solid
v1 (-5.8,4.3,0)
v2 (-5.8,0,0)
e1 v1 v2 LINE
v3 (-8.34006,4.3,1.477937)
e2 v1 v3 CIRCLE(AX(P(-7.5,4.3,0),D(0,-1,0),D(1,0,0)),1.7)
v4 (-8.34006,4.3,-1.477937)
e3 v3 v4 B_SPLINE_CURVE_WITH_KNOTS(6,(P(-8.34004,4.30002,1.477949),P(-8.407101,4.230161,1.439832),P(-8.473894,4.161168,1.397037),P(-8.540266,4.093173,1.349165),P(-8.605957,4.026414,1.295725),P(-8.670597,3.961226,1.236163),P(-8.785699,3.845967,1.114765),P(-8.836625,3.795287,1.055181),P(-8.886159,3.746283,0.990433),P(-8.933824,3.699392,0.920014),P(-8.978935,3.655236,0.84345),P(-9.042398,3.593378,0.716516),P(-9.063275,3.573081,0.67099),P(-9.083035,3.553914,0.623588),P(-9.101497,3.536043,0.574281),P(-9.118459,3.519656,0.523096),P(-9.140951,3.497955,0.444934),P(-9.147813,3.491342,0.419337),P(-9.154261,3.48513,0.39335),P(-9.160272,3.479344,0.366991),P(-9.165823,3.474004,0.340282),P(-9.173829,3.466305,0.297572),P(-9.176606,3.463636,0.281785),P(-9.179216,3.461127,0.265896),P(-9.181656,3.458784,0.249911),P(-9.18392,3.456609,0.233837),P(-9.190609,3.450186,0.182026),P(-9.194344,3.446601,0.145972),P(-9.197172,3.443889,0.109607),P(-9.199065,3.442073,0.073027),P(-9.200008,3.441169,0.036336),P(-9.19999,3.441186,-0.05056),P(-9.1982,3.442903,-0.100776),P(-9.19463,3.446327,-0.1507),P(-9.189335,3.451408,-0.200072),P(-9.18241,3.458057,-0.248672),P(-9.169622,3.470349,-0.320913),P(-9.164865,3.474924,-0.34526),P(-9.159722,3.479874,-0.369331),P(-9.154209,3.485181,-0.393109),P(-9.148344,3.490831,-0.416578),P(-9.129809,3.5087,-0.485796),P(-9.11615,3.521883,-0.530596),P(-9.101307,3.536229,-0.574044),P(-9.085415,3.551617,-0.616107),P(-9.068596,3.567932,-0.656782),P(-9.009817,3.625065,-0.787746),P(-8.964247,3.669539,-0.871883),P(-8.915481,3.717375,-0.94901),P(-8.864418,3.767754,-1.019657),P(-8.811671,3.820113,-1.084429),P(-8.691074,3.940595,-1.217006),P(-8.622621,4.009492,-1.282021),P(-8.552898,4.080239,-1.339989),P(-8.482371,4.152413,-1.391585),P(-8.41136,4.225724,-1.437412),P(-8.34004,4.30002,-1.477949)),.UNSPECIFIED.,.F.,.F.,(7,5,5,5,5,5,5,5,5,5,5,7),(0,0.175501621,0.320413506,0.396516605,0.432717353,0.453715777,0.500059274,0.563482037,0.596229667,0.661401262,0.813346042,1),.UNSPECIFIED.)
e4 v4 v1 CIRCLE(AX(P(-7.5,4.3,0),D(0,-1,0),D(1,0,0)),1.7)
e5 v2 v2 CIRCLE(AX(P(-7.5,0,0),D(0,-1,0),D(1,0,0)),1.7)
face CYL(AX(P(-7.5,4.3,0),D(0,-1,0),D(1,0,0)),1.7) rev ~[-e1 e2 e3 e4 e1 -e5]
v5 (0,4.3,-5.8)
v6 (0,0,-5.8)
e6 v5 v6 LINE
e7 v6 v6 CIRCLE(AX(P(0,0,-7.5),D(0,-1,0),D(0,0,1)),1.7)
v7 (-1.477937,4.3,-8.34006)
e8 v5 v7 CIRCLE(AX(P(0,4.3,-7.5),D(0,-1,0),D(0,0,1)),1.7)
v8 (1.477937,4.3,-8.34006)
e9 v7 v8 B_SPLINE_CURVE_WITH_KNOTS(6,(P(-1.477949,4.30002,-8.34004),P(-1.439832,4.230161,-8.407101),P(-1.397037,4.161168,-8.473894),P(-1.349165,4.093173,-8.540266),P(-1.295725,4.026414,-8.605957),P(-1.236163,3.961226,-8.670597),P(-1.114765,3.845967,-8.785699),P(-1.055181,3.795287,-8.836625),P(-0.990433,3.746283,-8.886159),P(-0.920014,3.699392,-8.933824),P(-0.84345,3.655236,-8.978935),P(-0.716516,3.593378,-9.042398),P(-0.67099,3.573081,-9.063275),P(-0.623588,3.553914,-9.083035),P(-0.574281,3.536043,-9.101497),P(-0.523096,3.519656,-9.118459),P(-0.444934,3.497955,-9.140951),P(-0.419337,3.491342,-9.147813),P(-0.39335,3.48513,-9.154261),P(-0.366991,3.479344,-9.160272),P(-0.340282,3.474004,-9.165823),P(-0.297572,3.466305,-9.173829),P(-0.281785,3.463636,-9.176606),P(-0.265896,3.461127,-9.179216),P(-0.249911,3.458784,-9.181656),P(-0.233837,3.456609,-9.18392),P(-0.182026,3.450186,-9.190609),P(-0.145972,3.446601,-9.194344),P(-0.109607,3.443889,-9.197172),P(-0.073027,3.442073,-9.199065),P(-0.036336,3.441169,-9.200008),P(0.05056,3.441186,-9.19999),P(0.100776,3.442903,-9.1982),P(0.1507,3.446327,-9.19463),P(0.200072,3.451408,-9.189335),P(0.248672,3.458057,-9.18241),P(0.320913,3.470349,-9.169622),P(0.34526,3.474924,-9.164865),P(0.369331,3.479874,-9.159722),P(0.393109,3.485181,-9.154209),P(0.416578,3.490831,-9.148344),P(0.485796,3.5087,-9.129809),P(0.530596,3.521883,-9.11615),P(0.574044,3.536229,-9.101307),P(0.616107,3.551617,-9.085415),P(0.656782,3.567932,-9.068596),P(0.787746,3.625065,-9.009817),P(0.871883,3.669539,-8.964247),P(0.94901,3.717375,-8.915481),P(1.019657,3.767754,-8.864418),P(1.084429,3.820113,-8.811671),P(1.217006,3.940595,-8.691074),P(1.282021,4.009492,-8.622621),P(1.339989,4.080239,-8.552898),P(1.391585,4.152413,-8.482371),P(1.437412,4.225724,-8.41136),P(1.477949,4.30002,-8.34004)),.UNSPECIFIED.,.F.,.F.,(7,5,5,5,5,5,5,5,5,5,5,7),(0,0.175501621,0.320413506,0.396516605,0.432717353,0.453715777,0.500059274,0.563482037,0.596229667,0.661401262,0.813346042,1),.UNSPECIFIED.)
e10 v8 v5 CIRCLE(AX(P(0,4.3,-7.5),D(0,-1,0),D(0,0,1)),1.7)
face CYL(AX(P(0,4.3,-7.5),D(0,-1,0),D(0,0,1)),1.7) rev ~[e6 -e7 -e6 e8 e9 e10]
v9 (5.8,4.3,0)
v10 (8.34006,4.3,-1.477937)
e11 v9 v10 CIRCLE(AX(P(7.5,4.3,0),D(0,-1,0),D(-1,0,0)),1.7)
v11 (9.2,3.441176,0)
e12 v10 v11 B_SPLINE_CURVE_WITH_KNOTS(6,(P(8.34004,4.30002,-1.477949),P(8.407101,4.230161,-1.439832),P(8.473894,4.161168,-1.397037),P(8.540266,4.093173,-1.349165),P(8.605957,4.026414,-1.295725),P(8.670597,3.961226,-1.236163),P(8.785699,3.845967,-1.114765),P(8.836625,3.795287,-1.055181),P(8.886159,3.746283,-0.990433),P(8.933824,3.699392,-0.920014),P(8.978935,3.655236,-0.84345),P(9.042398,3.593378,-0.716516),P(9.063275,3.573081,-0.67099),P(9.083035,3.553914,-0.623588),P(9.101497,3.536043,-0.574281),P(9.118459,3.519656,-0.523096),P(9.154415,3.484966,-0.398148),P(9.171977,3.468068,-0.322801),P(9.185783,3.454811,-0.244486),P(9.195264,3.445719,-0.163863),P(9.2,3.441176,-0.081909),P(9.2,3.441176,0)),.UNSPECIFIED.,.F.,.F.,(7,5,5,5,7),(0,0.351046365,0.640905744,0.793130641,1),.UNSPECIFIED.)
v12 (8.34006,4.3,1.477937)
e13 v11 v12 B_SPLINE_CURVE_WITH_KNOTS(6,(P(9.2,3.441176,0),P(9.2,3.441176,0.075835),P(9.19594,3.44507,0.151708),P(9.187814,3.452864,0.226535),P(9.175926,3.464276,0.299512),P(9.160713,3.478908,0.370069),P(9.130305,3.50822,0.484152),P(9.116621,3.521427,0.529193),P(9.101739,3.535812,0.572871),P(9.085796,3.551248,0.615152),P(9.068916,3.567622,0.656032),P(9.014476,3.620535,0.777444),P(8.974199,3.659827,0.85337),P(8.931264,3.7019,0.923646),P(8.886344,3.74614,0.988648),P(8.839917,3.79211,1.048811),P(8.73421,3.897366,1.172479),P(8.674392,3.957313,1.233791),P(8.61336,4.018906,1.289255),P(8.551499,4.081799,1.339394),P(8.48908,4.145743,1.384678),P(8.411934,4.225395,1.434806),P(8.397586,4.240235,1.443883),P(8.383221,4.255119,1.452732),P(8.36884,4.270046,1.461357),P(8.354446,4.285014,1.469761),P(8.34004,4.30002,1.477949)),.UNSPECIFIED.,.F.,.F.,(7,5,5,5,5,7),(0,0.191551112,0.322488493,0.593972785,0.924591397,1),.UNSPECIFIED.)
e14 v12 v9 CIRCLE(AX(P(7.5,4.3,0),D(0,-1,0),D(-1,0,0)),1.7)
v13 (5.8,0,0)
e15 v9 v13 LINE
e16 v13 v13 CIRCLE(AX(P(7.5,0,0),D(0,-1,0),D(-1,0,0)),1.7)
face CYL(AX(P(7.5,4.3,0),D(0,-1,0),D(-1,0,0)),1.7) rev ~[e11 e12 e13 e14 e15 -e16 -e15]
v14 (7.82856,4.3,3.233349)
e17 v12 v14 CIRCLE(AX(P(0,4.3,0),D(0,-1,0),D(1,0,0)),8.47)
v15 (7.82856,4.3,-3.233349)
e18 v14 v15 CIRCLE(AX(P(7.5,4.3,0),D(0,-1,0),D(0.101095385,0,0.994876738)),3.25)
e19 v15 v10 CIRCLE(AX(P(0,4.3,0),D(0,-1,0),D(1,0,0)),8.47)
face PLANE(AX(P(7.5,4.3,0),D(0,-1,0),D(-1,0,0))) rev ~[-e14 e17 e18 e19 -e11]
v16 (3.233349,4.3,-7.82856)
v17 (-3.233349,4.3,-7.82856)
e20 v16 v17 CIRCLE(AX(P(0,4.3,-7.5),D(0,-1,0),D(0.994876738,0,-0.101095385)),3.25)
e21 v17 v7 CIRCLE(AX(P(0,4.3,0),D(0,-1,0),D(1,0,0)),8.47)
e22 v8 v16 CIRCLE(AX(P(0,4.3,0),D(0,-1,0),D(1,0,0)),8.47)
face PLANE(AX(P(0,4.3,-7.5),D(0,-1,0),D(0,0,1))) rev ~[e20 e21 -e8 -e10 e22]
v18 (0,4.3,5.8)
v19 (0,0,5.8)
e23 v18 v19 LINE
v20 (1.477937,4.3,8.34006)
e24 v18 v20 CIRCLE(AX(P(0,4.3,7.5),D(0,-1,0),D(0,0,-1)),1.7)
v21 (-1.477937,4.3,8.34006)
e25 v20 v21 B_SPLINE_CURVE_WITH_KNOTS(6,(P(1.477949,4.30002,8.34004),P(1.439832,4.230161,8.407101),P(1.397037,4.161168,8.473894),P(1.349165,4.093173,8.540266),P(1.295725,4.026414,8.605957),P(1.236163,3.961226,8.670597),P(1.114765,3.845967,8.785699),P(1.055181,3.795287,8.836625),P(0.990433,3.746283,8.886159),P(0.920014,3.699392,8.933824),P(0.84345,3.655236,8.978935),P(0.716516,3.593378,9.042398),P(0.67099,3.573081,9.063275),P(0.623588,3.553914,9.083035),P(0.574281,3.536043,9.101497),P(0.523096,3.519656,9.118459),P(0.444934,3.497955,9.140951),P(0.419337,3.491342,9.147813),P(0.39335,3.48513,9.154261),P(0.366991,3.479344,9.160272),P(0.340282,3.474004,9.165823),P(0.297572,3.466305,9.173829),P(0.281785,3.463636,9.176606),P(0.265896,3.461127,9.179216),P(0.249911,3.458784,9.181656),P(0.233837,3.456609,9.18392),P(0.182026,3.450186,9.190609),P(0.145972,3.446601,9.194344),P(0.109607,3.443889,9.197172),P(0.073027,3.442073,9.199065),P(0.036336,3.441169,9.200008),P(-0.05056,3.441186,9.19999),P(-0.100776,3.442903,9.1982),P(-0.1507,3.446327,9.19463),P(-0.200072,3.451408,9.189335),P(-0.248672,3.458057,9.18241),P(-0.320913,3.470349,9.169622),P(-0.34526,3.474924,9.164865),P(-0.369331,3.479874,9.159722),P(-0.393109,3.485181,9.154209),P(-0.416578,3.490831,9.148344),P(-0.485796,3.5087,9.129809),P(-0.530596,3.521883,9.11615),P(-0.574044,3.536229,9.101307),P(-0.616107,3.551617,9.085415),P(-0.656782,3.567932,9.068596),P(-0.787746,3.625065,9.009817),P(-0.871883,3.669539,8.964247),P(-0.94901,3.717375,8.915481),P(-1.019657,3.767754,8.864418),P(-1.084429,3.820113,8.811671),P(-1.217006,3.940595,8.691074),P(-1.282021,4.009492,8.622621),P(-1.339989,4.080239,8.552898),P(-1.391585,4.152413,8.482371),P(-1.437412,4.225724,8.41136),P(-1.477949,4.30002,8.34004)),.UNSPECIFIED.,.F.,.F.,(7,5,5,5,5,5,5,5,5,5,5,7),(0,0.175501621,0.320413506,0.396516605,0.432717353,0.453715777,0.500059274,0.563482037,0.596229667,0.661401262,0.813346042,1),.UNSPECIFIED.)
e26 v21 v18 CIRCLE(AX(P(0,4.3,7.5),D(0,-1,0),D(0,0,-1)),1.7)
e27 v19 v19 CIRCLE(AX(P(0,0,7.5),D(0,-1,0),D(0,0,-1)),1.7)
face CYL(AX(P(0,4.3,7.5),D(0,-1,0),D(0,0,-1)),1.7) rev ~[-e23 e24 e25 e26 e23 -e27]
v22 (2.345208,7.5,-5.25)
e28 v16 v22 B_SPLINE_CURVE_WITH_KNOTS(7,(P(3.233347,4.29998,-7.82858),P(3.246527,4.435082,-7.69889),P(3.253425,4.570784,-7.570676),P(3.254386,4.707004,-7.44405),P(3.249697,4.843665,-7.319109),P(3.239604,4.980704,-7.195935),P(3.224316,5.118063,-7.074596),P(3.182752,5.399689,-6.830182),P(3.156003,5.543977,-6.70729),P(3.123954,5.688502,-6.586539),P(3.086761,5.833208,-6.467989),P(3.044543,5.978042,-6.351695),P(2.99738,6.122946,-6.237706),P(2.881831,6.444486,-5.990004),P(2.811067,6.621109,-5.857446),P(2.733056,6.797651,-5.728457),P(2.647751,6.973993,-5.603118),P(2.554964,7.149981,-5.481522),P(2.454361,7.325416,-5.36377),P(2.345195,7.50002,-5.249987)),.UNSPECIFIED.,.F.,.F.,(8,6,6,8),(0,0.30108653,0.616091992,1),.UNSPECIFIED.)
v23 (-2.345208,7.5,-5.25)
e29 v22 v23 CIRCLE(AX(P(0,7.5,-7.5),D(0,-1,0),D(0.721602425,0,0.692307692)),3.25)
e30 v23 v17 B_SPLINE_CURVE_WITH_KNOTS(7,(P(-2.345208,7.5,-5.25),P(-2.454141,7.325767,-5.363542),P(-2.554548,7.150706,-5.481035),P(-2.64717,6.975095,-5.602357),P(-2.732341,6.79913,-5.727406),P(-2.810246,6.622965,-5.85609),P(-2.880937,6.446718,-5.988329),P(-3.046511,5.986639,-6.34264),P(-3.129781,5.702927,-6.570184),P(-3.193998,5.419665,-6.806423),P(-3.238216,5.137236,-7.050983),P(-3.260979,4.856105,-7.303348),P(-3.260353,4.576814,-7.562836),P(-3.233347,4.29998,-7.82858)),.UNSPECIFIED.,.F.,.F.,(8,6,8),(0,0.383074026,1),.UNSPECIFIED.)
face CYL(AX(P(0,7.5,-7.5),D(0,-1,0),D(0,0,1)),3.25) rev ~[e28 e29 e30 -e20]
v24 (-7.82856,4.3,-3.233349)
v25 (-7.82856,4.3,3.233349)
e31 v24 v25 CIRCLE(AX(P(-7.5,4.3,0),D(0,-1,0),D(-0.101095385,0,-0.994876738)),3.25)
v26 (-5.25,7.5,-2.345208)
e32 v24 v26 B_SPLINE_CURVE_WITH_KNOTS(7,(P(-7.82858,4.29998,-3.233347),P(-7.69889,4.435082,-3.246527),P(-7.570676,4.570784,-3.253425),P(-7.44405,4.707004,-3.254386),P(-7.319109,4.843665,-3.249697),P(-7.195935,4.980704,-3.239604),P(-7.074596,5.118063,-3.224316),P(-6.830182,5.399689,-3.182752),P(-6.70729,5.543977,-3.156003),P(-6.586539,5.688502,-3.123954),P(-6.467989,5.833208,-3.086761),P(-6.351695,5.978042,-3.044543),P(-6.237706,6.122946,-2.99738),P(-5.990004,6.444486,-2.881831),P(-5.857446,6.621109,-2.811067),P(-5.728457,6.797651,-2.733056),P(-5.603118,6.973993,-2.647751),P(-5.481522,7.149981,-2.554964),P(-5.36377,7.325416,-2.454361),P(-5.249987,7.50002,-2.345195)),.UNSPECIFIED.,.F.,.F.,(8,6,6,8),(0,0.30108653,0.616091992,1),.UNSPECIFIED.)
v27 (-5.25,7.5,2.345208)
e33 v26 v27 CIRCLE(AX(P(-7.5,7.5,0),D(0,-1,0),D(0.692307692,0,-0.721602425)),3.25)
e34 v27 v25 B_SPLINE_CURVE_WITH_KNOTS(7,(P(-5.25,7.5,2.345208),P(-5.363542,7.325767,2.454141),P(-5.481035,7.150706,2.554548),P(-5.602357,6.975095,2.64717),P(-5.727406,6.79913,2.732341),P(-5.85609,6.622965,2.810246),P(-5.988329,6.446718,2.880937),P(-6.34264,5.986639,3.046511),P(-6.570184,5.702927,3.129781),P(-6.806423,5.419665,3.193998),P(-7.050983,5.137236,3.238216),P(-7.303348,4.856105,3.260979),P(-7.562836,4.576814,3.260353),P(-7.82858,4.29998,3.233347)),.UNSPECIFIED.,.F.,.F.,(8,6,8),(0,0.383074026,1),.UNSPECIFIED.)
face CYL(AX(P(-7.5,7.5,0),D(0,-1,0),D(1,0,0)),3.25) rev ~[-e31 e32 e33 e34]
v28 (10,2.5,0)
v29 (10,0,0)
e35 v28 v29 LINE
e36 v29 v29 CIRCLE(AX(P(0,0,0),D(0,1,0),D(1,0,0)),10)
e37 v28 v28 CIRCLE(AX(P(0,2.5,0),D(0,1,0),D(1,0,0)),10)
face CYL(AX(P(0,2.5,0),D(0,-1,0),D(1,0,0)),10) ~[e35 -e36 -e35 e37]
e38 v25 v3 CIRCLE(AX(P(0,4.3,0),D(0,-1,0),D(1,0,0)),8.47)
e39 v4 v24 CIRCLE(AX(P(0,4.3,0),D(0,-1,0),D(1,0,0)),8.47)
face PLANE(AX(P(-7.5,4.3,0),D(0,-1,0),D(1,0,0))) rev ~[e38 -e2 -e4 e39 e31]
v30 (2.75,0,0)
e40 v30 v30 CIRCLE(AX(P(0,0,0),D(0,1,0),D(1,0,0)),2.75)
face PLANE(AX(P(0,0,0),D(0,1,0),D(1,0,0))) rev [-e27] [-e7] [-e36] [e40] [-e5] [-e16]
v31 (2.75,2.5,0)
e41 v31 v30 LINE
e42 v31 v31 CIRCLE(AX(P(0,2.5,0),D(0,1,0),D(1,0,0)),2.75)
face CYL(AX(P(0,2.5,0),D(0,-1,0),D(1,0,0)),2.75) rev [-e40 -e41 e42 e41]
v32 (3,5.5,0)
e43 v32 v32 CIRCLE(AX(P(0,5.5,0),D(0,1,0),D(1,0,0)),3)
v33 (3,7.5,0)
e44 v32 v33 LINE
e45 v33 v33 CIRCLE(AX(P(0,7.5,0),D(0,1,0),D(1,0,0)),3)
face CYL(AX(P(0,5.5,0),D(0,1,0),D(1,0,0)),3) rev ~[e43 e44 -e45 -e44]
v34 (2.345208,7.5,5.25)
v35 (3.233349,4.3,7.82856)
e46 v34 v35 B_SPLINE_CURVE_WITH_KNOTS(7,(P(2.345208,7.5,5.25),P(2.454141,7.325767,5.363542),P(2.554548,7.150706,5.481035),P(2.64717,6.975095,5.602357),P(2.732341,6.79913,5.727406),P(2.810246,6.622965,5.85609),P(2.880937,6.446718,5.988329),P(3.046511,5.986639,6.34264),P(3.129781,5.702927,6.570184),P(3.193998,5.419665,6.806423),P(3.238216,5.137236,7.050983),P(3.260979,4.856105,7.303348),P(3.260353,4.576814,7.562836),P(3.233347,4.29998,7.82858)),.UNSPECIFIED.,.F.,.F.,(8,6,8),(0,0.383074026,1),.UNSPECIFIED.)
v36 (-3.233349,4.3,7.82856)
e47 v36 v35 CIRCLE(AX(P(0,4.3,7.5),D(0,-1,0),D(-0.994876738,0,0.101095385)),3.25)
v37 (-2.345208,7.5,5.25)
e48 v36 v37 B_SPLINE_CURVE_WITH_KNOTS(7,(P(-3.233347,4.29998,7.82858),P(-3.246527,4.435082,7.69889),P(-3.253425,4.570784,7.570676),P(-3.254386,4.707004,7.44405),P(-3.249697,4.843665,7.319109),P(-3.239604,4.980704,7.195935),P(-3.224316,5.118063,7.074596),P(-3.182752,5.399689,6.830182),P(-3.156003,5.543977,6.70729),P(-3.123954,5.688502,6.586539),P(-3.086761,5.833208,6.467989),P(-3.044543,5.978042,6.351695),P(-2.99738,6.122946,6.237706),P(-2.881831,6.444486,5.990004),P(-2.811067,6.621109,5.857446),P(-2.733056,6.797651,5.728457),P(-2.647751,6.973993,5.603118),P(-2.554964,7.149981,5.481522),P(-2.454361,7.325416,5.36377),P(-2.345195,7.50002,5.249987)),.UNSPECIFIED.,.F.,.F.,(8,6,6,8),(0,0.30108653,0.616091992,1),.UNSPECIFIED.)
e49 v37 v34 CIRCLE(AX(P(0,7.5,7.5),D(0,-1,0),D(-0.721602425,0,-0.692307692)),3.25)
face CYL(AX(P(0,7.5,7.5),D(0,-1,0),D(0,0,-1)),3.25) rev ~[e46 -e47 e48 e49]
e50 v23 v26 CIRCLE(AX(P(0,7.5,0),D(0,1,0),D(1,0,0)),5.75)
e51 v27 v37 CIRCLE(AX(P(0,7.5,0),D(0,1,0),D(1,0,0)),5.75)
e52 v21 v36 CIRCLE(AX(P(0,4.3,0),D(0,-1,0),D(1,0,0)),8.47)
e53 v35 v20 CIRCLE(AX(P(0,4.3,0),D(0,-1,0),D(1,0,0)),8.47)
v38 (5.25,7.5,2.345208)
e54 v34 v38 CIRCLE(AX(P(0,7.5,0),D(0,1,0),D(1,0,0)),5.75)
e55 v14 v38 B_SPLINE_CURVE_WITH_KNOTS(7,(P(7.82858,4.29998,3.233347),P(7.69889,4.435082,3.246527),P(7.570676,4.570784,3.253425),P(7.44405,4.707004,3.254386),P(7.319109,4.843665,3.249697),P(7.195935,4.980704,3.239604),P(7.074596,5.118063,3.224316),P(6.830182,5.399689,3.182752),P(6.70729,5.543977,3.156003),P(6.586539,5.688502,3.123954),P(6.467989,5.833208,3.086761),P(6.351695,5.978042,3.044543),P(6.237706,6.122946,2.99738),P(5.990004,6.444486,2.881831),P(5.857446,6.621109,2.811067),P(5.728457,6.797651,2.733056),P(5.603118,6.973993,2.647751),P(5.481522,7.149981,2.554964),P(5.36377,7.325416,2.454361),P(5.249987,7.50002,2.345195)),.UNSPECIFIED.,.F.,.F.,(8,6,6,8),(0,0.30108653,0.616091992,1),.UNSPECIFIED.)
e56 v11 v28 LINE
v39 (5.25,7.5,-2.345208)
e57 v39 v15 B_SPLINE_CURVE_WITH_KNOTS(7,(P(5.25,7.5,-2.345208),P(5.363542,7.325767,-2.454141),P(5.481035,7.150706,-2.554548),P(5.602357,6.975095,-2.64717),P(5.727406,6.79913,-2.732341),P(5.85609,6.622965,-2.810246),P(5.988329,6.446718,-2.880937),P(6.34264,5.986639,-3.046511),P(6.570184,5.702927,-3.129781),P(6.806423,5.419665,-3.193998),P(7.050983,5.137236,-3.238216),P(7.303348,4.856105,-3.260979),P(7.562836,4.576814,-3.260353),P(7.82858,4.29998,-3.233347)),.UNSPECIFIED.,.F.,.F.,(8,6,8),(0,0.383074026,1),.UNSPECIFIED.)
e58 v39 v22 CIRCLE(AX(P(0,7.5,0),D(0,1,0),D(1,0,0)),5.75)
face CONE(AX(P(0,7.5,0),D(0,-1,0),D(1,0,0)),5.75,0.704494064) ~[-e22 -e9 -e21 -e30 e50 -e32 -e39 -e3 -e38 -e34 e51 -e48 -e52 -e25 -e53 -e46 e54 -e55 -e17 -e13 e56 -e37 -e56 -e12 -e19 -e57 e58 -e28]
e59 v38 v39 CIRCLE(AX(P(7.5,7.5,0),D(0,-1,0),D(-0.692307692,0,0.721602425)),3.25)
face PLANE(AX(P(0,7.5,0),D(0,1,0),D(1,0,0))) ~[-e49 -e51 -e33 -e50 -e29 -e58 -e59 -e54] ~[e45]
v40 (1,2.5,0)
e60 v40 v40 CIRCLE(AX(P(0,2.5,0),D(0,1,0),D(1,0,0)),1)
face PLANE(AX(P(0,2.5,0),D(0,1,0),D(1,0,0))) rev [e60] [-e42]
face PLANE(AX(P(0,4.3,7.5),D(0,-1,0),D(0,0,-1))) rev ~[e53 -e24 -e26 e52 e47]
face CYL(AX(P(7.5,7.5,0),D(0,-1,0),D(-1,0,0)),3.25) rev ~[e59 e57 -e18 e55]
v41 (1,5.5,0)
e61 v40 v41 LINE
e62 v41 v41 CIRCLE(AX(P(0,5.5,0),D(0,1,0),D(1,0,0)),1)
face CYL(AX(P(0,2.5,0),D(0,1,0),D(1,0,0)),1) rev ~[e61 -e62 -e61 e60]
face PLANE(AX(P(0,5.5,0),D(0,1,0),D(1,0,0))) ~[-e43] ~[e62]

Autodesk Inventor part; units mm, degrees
ref_plane "YZ Plane" through (0, 0, 0) normal (1, 0, 0) x (0, 1, 0)
ref_plane "XZ Plane" through (0, 0, 0) normal (0, 1, 0) x (-1, 0, 0)
ref_plane "XY Plane" through (0, 0, 0) normal (0, 0, 1) x (1, 0, 0)
sketch "Sketch2" plane through (0, 0, 0) normal (0, 0, 1) x (1, 0, 0)
  line L0 (1, 2.5) -> (1, 5.5)
  line L1 (1, 5.5) -> (3, 5.5)
  line L2 (3, 5.5) -> (3, 7.5)
  line L3 (3, 7.5) -> (5.75, 7.5)
  line L4 (5.75, 7.5) -> (10, 2.5)
  line L5 (10, 2.5) -> (10, 0)
  line L6 (1, 2.5) -> (2.75, 2.5)
  line L7 (2.75, 2.5) -> (2.75, 0)
  line L8 (2.75, 0) -> (10, 0)
  line L9 (0, 0) -> (0, 19.425)
  dimension "d0" = 6
  dimension "d1" = 2
  dimension "d2" = 5.5
  dimension "d3" = 20
  dimension "d4" = 2.5
  dimension "d5" = 3
  dimension "d6" = 2
  dimension "d19" = 11.5
revolve "Revolution1" add sketch "Sketch2" angle 360 about axis through (0, 0, 0) along (0, 1, 0)
sketch "Sketch3" plane through (0, 7.5, 0) normal (0, 1, 0) x (1, 0, 0)
  point P0 (0, 0)
  point P1 (0, 7.5)
  dimension "d8" = 7.5
hole "Hole1" at (0, 7.5, -7.5) direction (0, -1, 0) diameter 3.4 end through all counterbore diameter 6.5 counterbore depth 3.2 clearance for "Socket Head Cap Screw DIN EN ISO 4762" size "M3" standard "DIN"
pattern_circular "Circular Pattern1" count 4 over 360 about axis through (0, -10, 0) along (0, 1, 0) of "Hole1"
properties part number "902-4250 magnet hold"
